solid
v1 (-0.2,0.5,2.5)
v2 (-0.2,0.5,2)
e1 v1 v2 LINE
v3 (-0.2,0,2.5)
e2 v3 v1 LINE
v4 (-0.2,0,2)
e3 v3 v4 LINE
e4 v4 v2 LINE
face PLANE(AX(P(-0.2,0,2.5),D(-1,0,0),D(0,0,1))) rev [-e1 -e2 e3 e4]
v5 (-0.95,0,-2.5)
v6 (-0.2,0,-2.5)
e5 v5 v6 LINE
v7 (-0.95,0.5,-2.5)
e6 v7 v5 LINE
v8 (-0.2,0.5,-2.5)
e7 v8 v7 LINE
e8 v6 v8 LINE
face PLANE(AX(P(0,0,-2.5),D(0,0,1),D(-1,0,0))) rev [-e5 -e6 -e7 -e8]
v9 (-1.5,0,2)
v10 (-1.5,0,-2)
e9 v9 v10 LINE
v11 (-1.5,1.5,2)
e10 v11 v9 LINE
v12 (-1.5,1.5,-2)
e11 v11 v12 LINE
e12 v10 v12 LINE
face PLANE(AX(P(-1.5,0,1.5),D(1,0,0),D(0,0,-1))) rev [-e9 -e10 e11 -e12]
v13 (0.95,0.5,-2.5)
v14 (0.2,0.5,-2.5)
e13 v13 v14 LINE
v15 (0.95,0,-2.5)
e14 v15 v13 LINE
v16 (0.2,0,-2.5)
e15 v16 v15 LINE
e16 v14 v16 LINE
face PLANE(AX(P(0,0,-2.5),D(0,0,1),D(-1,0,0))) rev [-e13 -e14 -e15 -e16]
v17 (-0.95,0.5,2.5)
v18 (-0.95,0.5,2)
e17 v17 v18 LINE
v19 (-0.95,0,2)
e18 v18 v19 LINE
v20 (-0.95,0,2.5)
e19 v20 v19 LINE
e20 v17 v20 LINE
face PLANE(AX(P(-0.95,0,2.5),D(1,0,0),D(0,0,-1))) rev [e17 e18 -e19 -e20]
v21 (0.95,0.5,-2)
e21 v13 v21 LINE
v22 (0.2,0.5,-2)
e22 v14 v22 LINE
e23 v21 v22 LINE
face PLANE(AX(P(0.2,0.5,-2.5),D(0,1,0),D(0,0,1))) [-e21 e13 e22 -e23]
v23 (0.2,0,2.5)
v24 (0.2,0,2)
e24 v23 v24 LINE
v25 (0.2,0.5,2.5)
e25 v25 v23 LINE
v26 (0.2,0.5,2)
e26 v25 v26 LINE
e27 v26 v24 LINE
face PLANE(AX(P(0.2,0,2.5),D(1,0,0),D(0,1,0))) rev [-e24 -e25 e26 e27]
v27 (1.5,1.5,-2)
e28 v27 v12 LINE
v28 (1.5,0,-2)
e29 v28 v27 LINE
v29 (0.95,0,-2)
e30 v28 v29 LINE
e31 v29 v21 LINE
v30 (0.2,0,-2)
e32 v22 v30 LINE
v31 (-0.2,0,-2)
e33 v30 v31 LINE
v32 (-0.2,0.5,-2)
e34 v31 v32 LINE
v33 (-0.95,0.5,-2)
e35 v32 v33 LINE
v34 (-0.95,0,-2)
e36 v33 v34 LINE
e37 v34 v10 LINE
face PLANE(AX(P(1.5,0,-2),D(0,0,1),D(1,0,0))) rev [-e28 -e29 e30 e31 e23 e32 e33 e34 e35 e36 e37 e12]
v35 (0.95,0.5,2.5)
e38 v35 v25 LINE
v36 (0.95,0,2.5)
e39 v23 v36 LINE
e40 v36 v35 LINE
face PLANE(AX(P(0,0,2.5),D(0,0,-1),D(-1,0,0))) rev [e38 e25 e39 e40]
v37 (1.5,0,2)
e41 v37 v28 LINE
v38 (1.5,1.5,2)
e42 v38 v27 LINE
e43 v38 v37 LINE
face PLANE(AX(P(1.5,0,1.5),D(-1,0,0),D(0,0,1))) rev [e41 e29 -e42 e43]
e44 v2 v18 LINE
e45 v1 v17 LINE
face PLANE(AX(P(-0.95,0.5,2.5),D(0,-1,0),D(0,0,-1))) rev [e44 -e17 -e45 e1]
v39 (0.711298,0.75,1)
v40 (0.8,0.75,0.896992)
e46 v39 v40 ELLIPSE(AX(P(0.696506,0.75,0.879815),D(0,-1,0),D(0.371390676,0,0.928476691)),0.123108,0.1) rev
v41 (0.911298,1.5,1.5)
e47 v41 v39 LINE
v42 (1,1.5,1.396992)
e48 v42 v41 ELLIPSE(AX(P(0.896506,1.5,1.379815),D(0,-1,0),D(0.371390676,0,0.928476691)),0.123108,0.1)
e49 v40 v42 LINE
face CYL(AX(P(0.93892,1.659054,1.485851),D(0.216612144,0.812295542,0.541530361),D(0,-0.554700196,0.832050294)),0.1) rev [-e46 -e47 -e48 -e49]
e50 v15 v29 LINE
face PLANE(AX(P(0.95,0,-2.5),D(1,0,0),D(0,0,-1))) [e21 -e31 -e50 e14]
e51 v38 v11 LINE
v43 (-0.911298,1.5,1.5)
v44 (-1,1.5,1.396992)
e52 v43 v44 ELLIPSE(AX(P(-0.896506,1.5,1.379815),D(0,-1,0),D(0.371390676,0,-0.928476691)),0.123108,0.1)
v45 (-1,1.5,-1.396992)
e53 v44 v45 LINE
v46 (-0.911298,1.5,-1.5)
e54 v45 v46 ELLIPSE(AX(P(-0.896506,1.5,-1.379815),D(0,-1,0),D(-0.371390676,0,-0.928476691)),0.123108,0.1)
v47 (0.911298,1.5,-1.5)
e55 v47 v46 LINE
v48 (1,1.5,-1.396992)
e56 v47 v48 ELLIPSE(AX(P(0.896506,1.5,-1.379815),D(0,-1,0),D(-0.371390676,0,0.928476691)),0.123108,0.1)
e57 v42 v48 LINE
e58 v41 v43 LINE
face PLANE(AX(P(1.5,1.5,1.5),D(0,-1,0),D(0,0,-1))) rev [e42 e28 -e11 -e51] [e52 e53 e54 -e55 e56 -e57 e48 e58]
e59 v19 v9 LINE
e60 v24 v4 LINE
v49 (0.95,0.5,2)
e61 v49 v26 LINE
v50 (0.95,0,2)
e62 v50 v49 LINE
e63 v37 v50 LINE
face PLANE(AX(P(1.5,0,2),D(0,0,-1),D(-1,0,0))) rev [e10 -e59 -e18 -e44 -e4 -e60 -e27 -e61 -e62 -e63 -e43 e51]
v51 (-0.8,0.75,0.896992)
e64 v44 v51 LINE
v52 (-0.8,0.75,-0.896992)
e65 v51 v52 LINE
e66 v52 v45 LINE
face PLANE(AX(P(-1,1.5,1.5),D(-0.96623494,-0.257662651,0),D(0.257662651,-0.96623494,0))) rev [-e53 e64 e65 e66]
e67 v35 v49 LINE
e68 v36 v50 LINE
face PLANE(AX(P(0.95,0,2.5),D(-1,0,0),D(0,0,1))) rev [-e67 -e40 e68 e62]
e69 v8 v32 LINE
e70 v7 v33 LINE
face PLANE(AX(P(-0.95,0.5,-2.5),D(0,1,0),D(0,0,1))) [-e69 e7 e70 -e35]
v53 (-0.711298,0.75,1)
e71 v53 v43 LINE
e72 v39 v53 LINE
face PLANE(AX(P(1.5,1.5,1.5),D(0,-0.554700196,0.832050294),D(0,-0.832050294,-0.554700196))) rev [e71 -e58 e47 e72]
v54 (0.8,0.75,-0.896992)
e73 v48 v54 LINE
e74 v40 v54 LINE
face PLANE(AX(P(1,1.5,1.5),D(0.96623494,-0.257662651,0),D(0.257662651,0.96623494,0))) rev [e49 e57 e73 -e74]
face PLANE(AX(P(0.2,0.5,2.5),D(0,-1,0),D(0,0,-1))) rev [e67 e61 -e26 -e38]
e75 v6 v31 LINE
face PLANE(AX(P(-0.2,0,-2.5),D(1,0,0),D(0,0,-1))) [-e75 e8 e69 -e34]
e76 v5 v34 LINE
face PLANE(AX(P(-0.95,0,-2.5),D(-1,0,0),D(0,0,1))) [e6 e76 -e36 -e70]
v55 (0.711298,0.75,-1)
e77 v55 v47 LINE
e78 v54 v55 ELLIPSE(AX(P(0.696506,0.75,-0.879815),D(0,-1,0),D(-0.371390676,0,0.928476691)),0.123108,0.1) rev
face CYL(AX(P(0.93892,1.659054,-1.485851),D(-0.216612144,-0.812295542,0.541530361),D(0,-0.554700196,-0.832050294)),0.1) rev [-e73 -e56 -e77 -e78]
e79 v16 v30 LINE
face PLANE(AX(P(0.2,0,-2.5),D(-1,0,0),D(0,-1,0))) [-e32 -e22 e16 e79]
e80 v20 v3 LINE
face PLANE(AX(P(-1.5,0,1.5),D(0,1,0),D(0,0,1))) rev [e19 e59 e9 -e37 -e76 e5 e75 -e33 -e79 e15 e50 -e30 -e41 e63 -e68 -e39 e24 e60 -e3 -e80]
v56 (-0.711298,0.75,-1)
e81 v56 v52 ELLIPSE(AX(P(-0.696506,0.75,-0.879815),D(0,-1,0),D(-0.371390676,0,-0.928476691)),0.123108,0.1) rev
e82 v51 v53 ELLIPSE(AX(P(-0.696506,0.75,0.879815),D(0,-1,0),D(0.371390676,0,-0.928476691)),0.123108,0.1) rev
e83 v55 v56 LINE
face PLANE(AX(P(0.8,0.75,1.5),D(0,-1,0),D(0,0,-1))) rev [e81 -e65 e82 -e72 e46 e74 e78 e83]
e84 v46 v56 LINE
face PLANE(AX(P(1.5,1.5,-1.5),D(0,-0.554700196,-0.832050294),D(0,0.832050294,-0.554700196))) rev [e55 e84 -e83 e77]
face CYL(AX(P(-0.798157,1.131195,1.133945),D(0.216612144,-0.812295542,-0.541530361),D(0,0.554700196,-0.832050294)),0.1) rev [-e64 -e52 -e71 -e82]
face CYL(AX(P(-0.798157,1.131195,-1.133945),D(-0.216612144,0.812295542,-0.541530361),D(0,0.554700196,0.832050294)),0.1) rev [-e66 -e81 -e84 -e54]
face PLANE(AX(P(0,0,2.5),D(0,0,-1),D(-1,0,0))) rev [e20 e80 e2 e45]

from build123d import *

# Parameters (mm, degrees)
SALIENTE_EXTRUIR1_DEPTH = 1.5
SALIENTE_EXTRUIR2_DEPTH = 1.5
REDONDEO2_R             = 0.1
CROQUIS3_W              = 0.75
CROQUIS3_H              = 0.5
SALIENTE_EXTRUIR3_DEPTH = 0.5


with BuildPart() as part:
    # Croquis1 → Saliente-Extruir1 (new, symmetric)
    with BuildSketch(Plane.XY):
        Polygon((-1.5, 0), (1.5, 0), (1.5, 1.5), (1, 1.5), (0.8, 0.75), (-0.8, 0.75), (-1, 1.5), (-1.5, 1.5), align=None)
    extrude(amount=SALIENTE_EXTRUIR1_DEPTH, both=True)

    # Croquis2 → Saliente-Extruir2 (add, symmetric)
    with BuildSketch(Plane(origin=(0, 0, 0), x_dir=(0, 0, -1), z_dir=(1, 0, 0))):
        Polygon((1, 0), (2, 0), (2, 1.5), (1.5, 1.5), (1, 0.75), align=None)
        Polygon((-1, 0.75), (-1, 0), (-2, 0), (-2, 1.5), (-1.5, 1.5), align=None)
    extrude(amount=SALIENTE_EXTRUIR2_DEPTH, both=True)

    # Redondeo2
    redondeo2_edges = [part.edges().sort_by_distance(p)[0] for p in [
        (0.9, 1.125, -1.25),
        (-0.9, 1.125, -1.25),
        (0.9, 1.125, 1.25),
        (-0.9, 1.125, 1.25),
    ]]
    fillet(redondeo2_edges, radius=REDONDEO2_R)

    # Croquis3 → Saliente-Extruir3 (add)
    with BuildSketch(Plane.XY.offset(2)):
        with Locations((-0.575, 0.25)):
            Rectangle(CROQUIS3_W, CROQUIS3_H)
        with Locations((0.575, 0.25)):
            Rectangle(CROQUIS3_W, CROQUIS3_H)
    saliente_extruir3 = extrude(amount=SALIENTE_EXTRUIR3_DEPTH)

    # Simetría1: Saliente-Extruir3 across plane
    add(saliente_extruir3.mirror(Plane.XY))


solid = part.part
